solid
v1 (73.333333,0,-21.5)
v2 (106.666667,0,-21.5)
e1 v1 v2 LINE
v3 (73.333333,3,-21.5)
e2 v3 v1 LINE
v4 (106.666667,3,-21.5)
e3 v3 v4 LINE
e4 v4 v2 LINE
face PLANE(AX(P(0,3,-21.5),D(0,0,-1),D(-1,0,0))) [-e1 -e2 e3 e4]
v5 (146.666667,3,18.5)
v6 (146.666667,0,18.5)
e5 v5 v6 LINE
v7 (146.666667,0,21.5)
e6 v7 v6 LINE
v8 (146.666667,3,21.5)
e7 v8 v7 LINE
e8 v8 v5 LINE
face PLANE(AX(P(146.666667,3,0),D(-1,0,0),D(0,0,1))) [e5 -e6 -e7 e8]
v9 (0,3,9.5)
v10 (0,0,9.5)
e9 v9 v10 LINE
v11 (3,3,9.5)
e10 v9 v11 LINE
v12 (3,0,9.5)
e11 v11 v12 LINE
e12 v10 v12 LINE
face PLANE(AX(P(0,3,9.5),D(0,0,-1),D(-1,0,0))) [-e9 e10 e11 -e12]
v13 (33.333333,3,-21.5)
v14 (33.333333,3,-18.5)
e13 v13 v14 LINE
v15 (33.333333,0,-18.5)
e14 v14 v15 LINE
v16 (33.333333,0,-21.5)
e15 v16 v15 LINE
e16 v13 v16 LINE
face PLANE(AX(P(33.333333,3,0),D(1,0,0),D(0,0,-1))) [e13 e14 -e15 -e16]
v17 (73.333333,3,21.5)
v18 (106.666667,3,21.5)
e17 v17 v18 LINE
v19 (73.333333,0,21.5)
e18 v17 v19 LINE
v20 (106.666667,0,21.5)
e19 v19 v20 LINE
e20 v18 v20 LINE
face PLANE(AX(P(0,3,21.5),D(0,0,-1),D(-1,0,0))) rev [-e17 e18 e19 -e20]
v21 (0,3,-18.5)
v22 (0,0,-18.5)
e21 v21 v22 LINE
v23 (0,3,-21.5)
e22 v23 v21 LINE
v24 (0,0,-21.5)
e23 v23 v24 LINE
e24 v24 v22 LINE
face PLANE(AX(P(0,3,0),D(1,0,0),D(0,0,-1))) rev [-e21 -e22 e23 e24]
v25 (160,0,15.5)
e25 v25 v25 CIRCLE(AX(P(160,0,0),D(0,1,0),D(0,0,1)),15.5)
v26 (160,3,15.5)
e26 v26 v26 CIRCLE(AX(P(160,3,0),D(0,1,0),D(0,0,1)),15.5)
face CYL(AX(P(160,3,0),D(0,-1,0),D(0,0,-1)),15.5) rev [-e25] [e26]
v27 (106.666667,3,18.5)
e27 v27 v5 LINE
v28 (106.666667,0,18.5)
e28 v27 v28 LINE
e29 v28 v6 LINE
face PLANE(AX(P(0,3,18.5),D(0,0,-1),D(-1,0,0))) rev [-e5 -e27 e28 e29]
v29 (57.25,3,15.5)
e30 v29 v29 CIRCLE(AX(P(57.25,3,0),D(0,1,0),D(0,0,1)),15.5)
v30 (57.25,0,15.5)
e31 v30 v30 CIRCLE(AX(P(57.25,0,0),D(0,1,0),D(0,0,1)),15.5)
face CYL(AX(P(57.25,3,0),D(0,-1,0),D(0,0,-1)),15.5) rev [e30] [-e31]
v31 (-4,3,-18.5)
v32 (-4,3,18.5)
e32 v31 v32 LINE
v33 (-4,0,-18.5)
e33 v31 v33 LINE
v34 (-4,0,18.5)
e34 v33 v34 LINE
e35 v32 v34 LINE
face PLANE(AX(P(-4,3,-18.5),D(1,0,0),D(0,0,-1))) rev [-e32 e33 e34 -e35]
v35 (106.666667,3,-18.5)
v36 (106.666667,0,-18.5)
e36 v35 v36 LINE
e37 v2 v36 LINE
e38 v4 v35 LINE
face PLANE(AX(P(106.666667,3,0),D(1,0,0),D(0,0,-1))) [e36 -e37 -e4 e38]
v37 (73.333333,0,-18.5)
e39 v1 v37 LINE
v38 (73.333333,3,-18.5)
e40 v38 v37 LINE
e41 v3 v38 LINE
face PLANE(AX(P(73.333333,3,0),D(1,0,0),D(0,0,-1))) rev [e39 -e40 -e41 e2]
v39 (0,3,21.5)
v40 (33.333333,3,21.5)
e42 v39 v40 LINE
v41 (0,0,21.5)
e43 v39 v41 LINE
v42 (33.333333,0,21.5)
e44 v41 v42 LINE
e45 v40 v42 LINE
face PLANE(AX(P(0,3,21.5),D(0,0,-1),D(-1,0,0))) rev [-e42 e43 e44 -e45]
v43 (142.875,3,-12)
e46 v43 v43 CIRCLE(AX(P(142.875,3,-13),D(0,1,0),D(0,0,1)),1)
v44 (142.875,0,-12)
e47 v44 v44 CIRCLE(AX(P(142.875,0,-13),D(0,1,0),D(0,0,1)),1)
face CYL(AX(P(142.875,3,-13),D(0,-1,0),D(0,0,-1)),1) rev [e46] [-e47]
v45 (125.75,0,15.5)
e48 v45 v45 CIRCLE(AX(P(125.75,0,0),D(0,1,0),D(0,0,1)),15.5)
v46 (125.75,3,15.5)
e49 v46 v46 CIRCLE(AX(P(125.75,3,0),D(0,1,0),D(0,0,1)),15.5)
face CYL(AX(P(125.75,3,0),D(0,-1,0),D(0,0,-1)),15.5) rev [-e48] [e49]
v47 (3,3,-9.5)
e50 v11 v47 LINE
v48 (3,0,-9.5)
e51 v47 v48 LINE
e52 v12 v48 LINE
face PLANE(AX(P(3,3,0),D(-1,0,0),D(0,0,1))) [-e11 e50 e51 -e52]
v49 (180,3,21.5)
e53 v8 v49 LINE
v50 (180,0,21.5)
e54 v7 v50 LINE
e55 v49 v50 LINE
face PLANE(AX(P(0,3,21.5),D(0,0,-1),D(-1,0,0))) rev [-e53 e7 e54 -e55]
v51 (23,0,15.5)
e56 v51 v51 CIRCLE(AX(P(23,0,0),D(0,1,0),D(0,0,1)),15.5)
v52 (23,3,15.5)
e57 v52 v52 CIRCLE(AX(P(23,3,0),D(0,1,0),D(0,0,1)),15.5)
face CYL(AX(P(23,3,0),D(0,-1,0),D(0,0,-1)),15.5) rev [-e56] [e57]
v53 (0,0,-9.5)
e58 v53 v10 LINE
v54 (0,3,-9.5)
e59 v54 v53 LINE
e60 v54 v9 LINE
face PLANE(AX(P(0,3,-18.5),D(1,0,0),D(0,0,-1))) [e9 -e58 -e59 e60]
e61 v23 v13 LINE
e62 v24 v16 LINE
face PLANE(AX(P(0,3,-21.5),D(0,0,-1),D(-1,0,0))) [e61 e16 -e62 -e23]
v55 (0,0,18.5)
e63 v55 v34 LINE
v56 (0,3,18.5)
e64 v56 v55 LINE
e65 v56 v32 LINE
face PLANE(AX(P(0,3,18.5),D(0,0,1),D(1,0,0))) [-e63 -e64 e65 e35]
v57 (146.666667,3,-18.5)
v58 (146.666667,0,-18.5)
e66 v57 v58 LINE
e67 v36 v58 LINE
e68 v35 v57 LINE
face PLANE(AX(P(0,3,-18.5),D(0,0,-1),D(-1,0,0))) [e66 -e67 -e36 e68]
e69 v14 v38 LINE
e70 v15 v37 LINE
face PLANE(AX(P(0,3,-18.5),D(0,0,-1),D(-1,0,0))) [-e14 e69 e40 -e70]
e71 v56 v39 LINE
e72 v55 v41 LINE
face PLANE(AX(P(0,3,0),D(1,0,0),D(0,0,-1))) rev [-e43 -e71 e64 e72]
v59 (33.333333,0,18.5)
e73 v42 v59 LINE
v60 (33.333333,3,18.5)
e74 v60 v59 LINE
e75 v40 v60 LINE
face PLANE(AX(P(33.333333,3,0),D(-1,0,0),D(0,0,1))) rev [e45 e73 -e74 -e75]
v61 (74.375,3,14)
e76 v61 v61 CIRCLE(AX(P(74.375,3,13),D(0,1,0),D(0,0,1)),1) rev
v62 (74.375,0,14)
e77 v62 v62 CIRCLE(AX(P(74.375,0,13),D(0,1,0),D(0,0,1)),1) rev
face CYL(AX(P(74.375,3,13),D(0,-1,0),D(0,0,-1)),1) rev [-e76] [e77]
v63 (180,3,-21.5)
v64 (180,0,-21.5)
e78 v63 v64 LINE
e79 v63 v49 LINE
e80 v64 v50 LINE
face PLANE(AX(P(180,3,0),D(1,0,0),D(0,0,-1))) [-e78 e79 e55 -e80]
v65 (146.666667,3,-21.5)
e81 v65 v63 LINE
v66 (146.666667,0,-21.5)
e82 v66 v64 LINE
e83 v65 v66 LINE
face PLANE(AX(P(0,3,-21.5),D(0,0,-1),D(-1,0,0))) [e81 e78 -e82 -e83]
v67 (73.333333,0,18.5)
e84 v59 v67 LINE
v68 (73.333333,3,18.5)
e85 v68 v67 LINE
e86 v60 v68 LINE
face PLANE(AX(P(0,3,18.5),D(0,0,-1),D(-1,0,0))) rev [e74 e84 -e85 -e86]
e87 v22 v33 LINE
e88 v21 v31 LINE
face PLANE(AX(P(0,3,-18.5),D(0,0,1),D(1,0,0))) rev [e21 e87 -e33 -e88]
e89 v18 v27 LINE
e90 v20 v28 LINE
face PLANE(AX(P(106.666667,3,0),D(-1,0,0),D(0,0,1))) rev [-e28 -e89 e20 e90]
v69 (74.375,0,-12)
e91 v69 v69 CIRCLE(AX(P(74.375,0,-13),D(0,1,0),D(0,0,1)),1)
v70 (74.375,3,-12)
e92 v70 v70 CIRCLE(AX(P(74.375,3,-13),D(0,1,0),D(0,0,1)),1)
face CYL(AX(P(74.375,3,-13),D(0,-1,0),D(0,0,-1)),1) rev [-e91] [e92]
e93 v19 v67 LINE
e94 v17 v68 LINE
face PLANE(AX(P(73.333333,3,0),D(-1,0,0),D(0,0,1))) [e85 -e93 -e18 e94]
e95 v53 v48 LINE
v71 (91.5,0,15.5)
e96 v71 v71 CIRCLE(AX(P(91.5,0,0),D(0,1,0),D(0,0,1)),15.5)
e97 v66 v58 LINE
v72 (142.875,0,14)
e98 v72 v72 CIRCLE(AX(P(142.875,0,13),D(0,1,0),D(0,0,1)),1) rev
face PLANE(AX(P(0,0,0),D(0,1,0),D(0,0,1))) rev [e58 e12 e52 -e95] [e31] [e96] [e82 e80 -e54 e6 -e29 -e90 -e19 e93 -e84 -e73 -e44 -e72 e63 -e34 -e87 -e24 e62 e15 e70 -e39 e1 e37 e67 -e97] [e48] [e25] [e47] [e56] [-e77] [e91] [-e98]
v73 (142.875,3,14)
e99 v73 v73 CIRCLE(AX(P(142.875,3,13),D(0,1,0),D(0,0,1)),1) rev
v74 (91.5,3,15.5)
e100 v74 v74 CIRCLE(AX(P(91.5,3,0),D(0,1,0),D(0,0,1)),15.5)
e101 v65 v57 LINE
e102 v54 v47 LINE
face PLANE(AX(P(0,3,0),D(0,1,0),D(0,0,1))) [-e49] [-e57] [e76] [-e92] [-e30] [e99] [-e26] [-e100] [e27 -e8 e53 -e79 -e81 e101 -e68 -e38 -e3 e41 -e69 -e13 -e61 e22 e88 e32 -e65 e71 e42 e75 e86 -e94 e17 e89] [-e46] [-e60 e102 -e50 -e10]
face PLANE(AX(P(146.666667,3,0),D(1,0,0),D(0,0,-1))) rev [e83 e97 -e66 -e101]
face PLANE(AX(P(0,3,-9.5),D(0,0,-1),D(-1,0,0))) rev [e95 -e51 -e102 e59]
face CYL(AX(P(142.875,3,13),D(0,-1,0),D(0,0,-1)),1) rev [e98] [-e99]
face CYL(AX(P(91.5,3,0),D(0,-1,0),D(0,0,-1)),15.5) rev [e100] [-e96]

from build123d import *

# Parameters (mm, degrees)
SKETCH1_W           = 3
SKETCH1_H           = 19
SKETCH1_R           = 1
SKETCH1_R_2         = 15.5
BOSS_EXTRUDE1_DEPTH = 3


with BuildPart() as part:
    # Sketch1 → Boss-Extrude1 (new body)
    with BuildSketch(Plane(origin=(0, 0, 0), x_dir=(1, 0, 0), z_dir=(0, 1, 0))):
        Polygon((33.333333333, 21.5), (0, 21.5), (0, 18.5), (-4, 18.5), (-4, -18.5), (0, -18.5), (0, -21.5), (33.333333333, -21.5), (33.333333333, -18.5), (73.333333333, -18.5), (73.333333333, -21.5), (106.666666667, -21.5), (106.666666667, -18.5), (146.666666667, -18.5), (146.666666667, -21.5), (180, -21.5), (180, 21.5), (146.666666667, 21.5), (146.666666667, 18.5), (106.666666667, 18.5), (106.666666667, 21.5), (73.333333333, 21.5), (73.333333333, 18.5), (33.333333333, 18.5), align=None)
        with Locations((1.5, 0)):
            Rectangle(SKETCH1_W, SKETCH1_H, mode=Mode.SUBTRACT)
        with Locations((74.375, -13)):
            Circle(SKETCH1_R, mode=Mode.SUBTRACT)
        with Locations((142.875, -13)):
            Circle(SKETCH1_R, mode=Mode.SUBTRACT)
        with Locations((23, 0)):
            Circle(SKETCH1_R_2, mode=Mode.SUBTRACT)
        with Locations((57.25, 0)):
            Circle(SKETCH1_R_2, mode=Mode.SUBTRACT)
        with Locations((74.375, 13)):
            Circle(SKETCH1_R, mode=Mode.SUBTRACT)
        with Locations((91.5, 0)):
            Circle(SKETCH1_R_2, mode=Mode.SUBTRACT)
        with Locations((125.75, 0)):
            Circle(SKETCH1_R_2, mode=Mode.SUBTRACT)
        with Locations((160, 0)):
            Circle(SKETCH1_R_2, mode=Mode.SUBTRACT)
        with Locations((142.875, 13)):
            Circle(SKETCH1_R, mode=Mode.SUBTRACT)
    extrude(amount=BOSS_EXTRUDE1_DEPTH)


solid = part.part
